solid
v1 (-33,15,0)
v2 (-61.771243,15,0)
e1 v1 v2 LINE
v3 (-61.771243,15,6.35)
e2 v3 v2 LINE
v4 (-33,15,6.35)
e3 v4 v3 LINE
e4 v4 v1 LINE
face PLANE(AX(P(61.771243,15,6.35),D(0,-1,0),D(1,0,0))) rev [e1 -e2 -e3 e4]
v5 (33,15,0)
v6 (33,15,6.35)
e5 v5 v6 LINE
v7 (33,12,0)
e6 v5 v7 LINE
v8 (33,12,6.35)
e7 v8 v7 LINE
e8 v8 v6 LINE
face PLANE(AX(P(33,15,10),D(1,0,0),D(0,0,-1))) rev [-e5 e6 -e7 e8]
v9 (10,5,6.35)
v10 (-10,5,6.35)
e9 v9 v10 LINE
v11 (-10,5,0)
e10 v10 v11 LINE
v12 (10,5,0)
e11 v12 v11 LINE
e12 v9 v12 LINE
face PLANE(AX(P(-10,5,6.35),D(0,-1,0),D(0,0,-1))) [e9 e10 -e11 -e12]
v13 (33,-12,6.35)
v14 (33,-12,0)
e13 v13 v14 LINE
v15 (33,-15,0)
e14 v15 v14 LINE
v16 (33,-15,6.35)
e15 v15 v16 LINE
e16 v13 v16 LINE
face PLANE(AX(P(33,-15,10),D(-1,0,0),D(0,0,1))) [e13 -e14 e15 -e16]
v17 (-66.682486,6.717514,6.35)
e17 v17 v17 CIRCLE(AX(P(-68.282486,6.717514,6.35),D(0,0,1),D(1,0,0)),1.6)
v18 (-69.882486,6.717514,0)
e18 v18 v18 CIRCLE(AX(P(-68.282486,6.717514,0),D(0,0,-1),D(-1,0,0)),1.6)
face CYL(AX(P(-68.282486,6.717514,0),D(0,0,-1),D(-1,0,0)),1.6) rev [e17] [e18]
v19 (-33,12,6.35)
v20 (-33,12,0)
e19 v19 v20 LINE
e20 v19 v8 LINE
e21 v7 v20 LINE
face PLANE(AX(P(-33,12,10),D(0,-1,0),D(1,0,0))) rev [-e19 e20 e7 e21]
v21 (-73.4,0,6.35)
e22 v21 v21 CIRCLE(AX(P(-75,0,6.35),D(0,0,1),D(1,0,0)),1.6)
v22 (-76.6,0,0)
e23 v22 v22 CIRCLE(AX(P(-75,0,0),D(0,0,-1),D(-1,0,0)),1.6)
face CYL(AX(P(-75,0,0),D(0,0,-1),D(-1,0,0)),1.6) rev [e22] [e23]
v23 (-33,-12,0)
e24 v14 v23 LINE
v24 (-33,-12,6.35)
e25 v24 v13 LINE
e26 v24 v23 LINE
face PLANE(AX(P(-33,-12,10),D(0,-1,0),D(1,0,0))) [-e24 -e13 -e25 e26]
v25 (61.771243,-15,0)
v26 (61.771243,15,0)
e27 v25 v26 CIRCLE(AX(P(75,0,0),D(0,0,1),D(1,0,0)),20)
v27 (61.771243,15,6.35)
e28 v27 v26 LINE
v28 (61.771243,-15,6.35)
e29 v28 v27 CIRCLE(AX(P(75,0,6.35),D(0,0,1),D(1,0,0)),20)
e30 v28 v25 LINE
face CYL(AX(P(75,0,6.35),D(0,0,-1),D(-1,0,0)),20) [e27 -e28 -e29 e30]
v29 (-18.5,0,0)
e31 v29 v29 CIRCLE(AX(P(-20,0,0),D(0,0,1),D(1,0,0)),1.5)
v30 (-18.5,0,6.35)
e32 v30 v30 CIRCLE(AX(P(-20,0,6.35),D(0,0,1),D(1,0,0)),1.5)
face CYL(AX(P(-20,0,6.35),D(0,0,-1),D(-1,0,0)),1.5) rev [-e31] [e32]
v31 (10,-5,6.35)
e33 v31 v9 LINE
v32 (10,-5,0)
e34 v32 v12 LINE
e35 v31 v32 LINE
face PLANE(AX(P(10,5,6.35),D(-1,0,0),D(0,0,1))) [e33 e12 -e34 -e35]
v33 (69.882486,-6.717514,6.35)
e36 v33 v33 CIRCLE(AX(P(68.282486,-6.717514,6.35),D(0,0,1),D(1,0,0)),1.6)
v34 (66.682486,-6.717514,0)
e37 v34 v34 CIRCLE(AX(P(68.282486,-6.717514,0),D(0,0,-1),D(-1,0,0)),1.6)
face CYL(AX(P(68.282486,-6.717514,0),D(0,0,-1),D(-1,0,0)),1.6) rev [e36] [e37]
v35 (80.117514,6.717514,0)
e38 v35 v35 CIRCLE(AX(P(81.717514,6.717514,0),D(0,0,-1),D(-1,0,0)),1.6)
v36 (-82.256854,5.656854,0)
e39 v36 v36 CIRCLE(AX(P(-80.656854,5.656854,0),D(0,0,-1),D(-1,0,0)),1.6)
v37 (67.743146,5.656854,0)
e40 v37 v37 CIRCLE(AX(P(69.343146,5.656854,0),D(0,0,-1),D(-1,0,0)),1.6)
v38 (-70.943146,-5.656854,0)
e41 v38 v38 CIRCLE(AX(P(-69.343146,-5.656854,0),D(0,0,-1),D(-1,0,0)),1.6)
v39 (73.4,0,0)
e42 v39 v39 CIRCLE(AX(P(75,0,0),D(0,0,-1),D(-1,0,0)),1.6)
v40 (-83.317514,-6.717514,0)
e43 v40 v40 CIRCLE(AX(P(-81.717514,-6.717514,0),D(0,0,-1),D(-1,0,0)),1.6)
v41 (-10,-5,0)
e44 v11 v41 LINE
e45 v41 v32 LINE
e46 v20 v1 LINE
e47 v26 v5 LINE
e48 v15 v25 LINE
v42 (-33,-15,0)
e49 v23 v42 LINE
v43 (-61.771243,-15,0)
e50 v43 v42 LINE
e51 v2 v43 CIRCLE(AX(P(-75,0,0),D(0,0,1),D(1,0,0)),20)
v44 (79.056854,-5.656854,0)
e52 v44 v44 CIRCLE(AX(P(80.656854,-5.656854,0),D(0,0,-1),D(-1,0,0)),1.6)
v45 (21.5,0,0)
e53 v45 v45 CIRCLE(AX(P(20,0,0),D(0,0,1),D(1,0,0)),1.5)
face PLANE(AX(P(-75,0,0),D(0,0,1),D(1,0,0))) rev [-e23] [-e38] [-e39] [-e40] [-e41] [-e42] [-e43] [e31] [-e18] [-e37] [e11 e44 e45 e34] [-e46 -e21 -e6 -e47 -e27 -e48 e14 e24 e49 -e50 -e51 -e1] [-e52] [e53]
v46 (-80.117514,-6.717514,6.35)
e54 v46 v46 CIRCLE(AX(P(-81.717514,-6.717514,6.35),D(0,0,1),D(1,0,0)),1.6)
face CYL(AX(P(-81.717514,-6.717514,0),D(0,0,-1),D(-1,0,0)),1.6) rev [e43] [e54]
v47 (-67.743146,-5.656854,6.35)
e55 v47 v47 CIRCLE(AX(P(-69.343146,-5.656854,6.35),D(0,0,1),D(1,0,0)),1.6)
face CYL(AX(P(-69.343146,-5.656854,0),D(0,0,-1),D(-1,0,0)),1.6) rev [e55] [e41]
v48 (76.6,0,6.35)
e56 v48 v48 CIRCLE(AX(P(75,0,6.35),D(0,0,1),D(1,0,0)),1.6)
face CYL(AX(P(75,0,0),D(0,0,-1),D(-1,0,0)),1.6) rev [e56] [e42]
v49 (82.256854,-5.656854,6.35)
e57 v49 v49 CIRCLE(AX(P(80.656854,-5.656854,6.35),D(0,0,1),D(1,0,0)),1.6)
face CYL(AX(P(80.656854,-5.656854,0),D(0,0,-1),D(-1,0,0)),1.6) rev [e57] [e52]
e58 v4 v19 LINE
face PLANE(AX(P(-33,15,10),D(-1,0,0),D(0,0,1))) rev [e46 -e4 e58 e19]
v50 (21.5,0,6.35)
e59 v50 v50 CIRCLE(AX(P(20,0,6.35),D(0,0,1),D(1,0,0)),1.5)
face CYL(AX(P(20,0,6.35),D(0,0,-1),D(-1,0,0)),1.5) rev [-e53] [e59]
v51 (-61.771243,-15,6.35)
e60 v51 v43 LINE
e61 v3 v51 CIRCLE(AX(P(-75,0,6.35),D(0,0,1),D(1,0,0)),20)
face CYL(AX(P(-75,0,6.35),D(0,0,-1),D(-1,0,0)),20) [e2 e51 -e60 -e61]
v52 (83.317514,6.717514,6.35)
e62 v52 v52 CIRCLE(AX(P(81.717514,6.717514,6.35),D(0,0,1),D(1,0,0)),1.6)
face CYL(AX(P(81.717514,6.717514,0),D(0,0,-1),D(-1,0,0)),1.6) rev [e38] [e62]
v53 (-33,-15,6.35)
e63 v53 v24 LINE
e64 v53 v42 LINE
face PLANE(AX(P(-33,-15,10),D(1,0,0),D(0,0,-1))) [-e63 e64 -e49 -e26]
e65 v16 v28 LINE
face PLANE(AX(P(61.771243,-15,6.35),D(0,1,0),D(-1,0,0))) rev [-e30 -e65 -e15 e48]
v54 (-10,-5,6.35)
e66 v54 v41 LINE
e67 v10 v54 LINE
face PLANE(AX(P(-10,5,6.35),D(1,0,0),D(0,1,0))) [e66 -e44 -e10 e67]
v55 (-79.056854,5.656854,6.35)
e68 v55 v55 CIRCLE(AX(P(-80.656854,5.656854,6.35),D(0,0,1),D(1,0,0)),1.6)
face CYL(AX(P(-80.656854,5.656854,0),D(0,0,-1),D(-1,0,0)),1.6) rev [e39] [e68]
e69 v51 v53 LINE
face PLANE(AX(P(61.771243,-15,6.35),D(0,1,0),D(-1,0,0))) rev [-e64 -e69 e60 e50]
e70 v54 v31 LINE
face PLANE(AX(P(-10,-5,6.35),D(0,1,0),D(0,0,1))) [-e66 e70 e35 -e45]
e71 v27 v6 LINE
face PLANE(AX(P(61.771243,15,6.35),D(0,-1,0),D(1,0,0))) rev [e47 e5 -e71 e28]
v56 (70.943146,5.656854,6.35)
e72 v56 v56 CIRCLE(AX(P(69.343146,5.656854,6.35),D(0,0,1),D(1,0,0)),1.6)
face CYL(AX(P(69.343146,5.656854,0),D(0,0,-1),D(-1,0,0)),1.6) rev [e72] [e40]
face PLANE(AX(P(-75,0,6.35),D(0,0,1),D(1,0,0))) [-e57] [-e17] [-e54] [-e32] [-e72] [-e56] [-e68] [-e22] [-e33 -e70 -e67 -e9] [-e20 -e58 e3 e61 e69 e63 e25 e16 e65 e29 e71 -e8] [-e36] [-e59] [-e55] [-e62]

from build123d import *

# Parameters (mm, degrees)
SKETCH3_R                = 1.5
SKETCH3_W                = 20
SKETCH3_H                = 10
BOSS_EXTRUDE1_DEPTH      = 6.35
M3_CLEARANCE_HOLE1_D     = 3.2
M3_CLEARANCE_HOLE1_DEPTH = 7.5
M3_CLEARANCE_HOLE1_TIP   = 0.96137699
SKETCH4_W                = 66
SKETCH4_H                = 3
CUT_EXTRUDE1_DEPTH       = 10


with BuildPart() as part:
    # Sketch3 → Boss-Extrude1 (new body)
    with BuildSketch(Plane.XY):
        with BuildLine():
            Line((61.771243445, -15), (-61.771243445, -15))
            ThreePointArc((-61.771243445, -15), (-95, 0), (-61.771243445, 15))
            Line((-61.771243445, 15), (61.771243445, 15))
            ThreePointArc((61.771243445, 15), (95, 0), (61.771243445, -15))
        make_face()
        with Locations((-20, 0)):
            Circle(SKETCH3_R, mode=Mode.SUBTRACT)
        with Locations((20, 0)):
            Circle(SKETCH3_R, mode=Mode.SUBTRACT)
        Rectangle(SKETCH3_W, SKETCH3_H, mode=Mode.SUBTRACT)
    extrude(amount=BOSS_EXTRUDE1_DEPTH)

    # M3 Clearance Hole1
    with Locations(Plane(origin=(0, 0, 0), x_dir=(-1, 0, 0), z_dir=(0, 0, -1))):
        with Locations((81.717514421, -6.717514421), (75, 0), (0, 0), (-75, 0), (-69.343145751, 5.656854249), (-80.656854249, -5.656854249), (-81.717514421, 6.717514421), (-68.282485579, -6.717514421), (68.282485579, 6.717514421), (80.656854249, 5.656854249), (69.343145751, -5.656854249)):
            Hole(M3_CLEARANCE_HOLE1_D / 2, depth=M3_CLEARANCE_HOLE1_DEPTH)
            with Locations((0, 0, -(M3_CLEARANCE_HOLE1_DEPTH + M3_CLEARANCE_HOLE1_TIP / 2))):  # 118° drill point
                Cone(0, M3_CLEARANCE_HOLE1_D / 2, M3_CLEARANCE_HOLE1_TIP, mode=Mode.SUBTRACT)

    # Sketch4 → Cut-Extrude1 (cut)
    with BuildSketch(Plane(origin=(0, 0, 0), x_dir=(-1, 0, 0), z_dir=(0, 0, -1))):
        with Locations((0, 13.5)):
            Rectangle(SKETCH4_W, SKETCH4_H)
    cut_extrude1 = extrude(amount=-CUT_EXTRUDE1_DEPTH, mode=Mode.SUBTRACT)

    # Mirror1: Cut-Extrude1 across plane
    add(cut_extrude1.mirror(Plane.ZX), mode=Mode.SUBTRACT)


solid = part.part
